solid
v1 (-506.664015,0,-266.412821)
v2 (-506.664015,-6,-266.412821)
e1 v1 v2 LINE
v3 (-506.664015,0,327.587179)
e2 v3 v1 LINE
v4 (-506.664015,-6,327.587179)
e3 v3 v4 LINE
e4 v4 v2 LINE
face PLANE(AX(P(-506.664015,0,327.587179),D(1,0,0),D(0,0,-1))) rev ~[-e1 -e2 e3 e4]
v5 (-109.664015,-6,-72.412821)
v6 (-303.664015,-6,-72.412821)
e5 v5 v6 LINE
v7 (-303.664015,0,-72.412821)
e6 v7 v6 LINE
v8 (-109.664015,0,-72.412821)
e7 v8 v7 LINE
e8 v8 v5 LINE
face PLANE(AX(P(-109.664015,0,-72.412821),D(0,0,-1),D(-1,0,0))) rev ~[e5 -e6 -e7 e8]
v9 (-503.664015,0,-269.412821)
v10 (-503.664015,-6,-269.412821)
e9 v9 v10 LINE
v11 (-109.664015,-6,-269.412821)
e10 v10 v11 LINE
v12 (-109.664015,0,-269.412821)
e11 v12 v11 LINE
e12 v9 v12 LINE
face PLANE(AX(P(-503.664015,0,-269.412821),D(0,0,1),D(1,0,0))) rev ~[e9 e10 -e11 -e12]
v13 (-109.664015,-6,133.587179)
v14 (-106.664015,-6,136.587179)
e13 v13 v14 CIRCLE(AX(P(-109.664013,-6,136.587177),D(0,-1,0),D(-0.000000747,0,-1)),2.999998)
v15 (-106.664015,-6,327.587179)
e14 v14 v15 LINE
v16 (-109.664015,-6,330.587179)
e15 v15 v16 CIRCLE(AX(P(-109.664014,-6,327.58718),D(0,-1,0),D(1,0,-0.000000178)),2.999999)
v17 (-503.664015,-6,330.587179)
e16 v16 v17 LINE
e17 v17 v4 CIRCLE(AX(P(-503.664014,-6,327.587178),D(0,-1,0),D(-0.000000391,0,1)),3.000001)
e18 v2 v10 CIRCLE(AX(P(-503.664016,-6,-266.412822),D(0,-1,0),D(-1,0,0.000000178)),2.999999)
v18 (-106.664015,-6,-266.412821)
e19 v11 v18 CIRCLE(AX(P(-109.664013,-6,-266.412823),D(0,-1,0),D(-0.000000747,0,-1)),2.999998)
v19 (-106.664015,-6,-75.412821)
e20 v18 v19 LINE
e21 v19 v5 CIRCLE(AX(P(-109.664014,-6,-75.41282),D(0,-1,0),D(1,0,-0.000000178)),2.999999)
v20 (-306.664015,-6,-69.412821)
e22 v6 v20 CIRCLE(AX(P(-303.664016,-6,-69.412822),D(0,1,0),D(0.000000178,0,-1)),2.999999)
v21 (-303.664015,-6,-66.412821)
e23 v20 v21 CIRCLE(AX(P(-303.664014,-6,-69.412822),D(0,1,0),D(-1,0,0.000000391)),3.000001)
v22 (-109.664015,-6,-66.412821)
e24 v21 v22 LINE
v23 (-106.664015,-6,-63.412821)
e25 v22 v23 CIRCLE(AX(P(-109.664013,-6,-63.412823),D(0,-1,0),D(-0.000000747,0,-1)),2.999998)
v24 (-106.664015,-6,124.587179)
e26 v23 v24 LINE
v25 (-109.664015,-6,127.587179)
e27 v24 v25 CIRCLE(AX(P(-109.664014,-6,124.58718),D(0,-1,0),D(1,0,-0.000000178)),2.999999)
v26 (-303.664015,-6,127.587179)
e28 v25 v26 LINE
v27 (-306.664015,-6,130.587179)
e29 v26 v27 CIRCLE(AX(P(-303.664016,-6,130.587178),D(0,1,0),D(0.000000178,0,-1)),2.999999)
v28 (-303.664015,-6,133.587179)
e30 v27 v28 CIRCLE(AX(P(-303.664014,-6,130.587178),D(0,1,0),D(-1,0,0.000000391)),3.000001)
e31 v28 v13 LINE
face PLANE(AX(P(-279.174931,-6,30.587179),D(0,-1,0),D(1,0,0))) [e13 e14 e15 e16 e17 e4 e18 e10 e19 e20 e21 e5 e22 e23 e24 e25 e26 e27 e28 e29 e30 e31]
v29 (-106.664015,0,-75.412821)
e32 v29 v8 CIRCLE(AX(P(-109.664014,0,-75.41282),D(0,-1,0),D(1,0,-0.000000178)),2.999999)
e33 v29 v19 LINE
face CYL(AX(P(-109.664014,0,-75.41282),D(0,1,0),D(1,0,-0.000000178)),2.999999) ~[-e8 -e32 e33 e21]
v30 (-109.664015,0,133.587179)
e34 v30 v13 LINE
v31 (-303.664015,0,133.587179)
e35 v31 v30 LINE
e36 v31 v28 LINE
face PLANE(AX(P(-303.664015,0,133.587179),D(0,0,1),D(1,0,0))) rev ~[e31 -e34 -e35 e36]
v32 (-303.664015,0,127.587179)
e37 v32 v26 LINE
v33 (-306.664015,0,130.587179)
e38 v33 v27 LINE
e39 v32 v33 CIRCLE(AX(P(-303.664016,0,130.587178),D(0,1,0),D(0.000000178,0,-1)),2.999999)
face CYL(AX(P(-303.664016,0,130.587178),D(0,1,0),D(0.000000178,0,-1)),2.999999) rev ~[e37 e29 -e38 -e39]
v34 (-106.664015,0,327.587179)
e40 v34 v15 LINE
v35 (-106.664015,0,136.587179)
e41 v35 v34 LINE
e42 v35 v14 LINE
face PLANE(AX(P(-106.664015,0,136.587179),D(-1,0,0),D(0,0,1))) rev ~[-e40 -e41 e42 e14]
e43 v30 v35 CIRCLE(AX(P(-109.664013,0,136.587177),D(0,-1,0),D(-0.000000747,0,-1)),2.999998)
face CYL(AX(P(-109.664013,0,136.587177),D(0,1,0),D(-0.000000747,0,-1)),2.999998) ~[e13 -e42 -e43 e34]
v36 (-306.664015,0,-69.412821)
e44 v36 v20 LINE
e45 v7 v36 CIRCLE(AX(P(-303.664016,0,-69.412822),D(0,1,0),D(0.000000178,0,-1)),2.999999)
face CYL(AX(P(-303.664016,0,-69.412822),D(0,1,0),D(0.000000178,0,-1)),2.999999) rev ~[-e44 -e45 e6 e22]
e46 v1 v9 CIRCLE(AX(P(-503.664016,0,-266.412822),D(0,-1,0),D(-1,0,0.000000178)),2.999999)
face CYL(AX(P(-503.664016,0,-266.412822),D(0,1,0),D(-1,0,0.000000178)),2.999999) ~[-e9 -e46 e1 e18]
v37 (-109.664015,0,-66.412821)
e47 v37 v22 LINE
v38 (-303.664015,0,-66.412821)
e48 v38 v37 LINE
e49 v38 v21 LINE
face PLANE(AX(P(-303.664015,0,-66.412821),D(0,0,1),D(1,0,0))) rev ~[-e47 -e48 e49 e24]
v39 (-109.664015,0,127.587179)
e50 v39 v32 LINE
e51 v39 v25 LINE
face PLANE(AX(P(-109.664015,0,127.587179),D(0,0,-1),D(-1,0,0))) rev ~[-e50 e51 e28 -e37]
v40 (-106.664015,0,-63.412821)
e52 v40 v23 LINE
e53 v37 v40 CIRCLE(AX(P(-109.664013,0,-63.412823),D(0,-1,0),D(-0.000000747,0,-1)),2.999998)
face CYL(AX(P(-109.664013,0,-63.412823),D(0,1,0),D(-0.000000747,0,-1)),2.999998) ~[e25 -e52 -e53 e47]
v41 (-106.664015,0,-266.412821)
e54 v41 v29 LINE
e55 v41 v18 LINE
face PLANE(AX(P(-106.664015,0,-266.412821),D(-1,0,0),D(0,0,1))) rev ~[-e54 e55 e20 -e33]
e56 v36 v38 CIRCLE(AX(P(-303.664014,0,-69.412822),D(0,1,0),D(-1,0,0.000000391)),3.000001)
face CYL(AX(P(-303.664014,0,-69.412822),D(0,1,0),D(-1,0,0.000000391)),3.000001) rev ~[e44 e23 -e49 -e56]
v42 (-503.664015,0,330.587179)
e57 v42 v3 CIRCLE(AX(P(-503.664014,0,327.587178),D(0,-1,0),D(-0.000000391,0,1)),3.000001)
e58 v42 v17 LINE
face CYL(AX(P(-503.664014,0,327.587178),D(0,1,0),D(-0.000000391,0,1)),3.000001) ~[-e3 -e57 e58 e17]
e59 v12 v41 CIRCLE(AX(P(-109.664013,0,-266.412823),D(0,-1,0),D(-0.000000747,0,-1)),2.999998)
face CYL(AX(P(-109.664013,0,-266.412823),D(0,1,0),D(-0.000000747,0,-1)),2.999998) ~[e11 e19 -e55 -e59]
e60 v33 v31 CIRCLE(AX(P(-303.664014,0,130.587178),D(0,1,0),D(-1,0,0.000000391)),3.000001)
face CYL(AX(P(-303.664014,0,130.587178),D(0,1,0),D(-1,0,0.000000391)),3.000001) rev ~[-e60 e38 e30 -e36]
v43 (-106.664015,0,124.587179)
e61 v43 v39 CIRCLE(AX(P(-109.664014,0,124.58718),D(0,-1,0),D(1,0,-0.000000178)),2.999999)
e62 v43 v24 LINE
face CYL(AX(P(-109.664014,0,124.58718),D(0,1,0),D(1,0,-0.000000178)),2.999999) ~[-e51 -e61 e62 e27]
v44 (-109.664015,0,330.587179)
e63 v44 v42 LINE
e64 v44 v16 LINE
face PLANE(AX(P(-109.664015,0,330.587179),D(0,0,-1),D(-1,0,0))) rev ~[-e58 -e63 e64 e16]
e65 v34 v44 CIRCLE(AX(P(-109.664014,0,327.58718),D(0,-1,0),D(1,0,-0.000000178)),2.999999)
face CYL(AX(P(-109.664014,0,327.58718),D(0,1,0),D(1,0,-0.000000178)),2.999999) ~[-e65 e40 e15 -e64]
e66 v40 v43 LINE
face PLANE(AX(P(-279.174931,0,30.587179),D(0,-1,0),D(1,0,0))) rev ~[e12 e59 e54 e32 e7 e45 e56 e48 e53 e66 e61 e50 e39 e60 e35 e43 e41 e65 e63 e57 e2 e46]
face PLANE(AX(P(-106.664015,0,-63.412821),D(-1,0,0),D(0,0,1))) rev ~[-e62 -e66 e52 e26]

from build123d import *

# Parameters (mm, degrees)
F1_DEPTH = 6


with BuildPart() as f1:
    # F0 (on Front) → F1 (new body)
    with BuildSketch(Plane.XZ):
        with BuildLine():
            Line((-109.664015, 330.587179), (-503.664015, 330.587179))
            ThreePointArc((-503.664015, 330.587179), (-505.785335, 329.708499), (-506.664015, 327.587179))
            Line((-506.664015, 327.587179), (-506.664015, -266.412821))
            ThreePointArc((-506.664015, -266.412821), (-505.785335, -268.534142), (-503.664015, -269.412821))
            Line((-503.664015, -269.412821), (-109.664015, -269.412821))
            ThreePointArc((-109.664015, -269.412821), (-107.542694, -268.534142), (-106.664015, -266.412821))
            Line((-106.664015, -266.412821), (-106.664015, -75.412821))
            ThreePointArc((-106.664015, -75.412821), (-107.542694, -73.291501), (-109.664015, -72.412821))
            Line((-109.664015, -72.412821), (-303.664015, -72.412821))
            ThreePointArc((-303.664015, -72.412821), (-305.785335, -71.534142), (-306.664015, -69.412821))
            ThreePointArc((-306.664015, -69.412821), (-305.785335, -67.291501), (-303.664015, -66.412821))
            Line((-303.664015, -66.412821), (-109.664015, -66.412821))
            ThreePointArc((-109.664015, -66.412821), (-107.542694, -65.534142), (-106.664015, -63.412821))
            Line((-106.664015, -63.412821), (-106.664015, 124.587179))
            ThreePointArc((-106.664015, 124.587179), (-107.542694, 126.708499), (-109.664015, 127.587179))
            Line((-109.664015, 127.587179), (-303.664015, 127.587179))
            ThreePointArc((-303.664015, 127.587179), (-305.785335, 128.465858), (-306.664015, 130.587179))
            ThreePointArc((-306.664015, 130.587179), (-305.785335, 132.708499), (-303.664015, 133.587179))
            Line((-303.664015, 133.587179), (-109.664015, 133.587179))
            ThreePointArc((-109.664015, 133.587179), (-107.542694, 134.465858), (-106.664015, 136.587179))
            Line((-106.664015, 136.587179), (-106.664015, 327.587179))
            ThreePointArc((-106.664015, 327.587179), (-107.542694, 329.708499), (-109.664015, 330.587179))
        make_face()
    extrude(amount=F1_DEPTH)


solid = f1.part
